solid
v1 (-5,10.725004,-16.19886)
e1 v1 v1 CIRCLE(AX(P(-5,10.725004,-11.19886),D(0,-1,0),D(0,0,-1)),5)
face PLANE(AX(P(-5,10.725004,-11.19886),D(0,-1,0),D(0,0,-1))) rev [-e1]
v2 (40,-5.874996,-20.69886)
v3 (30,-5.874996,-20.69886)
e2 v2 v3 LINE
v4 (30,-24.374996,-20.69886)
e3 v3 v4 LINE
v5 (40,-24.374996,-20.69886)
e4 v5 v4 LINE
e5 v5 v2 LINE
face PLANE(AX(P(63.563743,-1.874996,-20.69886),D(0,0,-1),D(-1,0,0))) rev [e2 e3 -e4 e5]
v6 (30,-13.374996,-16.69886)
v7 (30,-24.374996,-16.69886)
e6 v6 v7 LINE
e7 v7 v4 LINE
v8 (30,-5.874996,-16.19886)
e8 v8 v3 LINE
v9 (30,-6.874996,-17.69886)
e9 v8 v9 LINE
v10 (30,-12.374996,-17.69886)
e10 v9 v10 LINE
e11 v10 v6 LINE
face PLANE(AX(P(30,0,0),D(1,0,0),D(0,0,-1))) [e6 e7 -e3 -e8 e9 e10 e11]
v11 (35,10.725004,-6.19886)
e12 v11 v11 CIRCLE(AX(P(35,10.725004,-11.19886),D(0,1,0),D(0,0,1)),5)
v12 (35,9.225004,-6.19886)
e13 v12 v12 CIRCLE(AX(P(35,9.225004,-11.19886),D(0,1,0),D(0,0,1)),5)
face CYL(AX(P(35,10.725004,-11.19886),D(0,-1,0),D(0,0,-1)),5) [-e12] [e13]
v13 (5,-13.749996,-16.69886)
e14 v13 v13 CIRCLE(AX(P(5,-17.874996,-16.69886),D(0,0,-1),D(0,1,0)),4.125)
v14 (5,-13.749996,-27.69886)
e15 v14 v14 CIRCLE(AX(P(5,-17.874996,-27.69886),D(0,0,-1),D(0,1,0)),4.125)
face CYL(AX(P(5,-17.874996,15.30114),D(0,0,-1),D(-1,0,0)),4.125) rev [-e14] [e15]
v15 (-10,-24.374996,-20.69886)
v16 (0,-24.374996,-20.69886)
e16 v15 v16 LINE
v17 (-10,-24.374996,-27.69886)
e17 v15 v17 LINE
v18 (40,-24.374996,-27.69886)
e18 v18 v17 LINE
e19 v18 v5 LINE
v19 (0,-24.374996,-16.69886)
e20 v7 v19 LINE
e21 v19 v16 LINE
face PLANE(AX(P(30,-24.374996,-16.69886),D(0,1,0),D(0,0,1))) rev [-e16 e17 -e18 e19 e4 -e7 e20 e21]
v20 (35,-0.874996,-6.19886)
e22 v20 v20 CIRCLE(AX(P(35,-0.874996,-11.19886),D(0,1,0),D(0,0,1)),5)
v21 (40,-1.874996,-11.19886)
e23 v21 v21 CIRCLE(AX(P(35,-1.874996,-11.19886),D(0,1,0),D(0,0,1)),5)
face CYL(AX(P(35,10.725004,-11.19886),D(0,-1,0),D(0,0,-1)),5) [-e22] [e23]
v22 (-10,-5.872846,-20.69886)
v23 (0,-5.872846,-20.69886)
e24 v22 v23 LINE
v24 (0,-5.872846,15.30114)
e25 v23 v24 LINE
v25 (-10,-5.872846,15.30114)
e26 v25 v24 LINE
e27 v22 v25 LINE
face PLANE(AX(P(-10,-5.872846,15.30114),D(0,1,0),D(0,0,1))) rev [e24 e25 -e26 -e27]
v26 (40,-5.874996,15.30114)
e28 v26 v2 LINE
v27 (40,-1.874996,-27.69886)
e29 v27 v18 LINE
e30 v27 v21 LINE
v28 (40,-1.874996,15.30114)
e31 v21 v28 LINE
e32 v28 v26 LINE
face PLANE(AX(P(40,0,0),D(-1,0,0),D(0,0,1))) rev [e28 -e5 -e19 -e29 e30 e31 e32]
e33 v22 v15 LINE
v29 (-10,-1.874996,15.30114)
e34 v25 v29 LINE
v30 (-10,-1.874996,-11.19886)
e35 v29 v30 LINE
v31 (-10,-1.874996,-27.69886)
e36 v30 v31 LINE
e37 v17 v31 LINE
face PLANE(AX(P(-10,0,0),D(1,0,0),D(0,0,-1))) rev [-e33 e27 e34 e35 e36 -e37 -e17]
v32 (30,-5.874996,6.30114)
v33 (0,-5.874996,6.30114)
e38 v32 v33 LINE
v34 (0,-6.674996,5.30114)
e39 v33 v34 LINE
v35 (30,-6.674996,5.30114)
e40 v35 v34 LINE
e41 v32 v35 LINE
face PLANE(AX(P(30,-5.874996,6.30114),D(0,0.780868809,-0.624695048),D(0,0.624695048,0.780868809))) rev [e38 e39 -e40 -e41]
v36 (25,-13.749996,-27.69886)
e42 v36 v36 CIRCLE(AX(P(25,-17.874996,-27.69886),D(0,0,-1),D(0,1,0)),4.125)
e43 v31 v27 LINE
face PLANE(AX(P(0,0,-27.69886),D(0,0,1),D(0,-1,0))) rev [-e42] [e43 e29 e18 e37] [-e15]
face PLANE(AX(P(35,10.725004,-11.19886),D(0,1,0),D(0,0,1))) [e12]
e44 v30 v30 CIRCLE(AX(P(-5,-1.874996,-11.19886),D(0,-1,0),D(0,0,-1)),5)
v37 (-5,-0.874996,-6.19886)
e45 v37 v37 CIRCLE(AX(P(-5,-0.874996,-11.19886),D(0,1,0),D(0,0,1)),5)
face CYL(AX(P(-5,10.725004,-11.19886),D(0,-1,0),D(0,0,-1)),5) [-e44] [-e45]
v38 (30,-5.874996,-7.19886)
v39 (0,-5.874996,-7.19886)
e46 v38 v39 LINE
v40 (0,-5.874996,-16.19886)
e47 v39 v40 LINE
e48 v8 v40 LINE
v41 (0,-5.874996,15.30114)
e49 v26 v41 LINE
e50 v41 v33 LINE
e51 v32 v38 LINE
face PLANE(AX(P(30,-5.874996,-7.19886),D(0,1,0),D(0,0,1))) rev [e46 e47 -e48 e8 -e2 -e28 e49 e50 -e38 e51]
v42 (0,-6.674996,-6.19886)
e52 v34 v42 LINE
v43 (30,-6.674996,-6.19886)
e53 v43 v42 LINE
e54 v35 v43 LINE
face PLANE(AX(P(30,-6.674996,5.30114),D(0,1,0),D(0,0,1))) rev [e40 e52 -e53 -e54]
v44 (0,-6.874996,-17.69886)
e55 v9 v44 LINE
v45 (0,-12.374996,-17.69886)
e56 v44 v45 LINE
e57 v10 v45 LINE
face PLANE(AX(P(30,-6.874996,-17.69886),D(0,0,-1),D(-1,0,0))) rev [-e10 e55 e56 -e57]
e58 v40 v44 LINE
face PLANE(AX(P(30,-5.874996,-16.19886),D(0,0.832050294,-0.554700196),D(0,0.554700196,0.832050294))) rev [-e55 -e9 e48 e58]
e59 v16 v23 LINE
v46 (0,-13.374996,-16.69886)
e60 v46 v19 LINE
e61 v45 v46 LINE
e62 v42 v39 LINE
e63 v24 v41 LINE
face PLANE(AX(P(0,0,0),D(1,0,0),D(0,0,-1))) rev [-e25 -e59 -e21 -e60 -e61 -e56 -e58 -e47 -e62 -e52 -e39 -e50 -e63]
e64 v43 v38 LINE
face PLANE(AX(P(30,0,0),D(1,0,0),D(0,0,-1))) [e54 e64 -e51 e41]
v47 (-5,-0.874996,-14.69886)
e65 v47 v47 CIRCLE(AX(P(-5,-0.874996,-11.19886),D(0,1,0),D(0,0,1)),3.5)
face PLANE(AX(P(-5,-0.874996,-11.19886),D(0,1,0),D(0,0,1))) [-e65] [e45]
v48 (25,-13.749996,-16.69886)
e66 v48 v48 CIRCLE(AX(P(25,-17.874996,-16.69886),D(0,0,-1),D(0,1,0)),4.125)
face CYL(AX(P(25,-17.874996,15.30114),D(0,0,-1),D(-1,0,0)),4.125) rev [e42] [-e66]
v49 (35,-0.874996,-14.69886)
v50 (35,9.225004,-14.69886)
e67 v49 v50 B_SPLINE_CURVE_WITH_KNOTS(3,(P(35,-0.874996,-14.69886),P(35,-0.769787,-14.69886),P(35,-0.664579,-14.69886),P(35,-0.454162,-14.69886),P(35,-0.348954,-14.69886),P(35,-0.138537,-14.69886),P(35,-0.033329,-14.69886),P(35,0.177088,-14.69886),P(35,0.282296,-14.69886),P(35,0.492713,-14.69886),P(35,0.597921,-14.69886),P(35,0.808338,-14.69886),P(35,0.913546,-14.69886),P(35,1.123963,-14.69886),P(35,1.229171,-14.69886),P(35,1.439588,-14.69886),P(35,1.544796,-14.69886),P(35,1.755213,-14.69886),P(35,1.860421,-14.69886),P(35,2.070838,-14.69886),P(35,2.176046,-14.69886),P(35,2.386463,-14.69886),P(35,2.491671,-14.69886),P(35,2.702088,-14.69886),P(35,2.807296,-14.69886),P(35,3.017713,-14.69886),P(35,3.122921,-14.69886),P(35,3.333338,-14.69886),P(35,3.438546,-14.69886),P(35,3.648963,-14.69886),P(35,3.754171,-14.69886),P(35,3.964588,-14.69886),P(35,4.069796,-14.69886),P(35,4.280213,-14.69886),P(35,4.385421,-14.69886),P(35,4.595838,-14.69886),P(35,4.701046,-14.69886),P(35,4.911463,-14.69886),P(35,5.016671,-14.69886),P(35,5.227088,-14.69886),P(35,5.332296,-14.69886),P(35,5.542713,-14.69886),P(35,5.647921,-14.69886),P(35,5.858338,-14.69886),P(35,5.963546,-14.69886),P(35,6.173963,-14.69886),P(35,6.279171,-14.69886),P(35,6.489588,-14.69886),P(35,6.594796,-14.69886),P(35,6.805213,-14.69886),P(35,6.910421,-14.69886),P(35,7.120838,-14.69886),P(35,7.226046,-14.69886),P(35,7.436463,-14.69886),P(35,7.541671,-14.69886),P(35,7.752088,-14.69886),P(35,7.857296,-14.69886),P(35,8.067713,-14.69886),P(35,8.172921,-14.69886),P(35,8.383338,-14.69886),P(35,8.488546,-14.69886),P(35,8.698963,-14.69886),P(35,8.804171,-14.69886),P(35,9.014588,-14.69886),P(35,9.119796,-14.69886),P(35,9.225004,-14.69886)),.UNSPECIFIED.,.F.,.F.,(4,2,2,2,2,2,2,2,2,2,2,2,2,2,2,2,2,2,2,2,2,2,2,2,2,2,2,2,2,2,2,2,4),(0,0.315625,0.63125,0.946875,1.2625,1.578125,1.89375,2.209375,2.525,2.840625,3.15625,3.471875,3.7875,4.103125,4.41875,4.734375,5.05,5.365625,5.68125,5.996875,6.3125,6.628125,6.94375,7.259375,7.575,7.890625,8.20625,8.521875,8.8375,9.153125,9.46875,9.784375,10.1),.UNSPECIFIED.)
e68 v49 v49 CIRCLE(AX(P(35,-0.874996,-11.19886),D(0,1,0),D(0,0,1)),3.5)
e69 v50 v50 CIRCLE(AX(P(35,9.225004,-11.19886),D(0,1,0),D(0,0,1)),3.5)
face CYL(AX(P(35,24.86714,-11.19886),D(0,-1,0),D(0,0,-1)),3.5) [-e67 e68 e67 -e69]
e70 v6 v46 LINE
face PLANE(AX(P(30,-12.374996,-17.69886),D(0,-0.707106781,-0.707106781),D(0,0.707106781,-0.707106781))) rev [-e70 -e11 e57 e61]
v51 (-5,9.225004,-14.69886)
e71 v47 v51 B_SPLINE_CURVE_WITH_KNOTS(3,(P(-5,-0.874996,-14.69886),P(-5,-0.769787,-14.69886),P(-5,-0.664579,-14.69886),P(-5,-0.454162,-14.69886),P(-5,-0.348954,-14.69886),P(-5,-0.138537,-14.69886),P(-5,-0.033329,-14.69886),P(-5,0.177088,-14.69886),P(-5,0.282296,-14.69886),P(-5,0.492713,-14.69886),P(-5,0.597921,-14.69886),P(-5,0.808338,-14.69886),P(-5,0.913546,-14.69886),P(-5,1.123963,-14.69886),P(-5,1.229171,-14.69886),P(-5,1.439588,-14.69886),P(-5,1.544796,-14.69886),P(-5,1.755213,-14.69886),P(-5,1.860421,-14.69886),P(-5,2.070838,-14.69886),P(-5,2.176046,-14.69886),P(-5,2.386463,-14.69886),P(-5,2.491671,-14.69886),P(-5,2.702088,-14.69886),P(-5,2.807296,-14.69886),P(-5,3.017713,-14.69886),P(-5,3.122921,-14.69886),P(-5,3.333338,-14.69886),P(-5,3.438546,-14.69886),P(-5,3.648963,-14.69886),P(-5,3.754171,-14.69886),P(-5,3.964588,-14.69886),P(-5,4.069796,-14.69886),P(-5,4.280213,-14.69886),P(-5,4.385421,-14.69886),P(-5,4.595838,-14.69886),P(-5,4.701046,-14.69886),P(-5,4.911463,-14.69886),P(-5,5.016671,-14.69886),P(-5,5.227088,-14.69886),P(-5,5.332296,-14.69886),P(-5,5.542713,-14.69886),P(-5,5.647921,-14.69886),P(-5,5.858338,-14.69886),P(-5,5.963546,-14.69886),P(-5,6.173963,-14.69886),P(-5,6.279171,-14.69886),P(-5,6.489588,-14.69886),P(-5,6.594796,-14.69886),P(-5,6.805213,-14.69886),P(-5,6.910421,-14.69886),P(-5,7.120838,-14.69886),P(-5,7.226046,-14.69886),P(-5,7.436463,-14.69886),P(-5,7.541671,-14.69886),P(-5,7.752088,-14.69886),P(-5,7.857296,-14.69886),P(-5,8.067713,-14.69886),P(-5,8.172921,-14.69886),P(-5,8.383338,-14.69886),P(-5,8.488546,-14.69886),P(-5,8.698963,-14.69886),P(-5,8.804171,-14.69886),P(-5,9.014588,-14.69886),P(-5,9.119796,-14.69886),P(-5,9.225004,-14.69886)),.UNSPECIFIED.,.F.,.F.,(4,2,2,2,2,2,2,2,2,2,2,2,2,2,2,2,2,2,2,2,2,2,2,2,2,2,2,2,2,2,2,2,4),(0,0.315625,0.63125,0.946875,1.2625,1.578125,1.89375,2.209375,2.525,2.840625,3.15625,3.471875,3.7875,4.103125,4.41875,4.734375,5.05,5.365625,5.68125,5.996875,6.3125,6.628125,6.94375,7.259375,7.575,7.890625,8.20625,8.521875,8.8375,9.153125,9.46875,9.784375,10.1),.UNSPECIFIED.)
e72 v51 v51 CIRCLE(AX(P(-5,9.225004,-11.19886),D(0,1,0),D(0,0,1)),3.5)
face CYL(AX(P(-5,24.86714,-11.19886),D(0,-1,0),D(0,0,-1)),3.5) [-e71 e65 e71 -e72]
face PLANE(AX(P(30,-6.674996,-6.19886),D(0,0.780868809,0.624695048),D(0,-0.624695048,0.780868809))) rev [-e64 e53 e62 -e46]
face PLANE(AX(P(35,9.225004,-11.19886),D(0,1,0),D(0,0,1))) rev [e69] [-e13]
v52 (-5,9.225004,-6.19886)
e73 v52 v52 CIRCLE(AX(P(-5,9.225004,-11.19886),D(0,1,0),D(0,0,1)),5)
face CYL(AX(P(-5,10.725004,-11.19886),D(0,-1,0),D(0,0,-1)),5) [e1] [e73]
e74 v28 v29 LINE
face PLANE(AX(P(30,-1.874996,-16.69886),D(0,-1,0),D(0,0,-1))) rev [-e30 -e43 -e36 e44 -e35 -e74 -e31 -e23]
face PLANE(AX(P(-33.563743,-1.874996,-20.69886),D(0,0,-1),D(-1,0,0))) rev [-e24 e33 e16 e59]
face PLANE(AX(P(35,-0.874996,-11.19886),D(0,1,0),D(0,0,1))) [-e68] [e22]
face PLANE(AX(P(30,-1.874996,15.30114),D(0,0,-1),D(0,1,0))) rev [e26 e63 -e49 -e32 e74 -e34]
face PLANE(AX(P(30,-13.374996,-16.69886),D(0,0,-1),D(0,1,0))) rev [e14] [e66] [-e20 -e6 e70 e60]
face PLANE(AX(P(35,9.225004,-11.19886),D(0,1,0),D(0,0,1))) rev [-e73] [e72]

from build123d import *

# Parameters (mm, degrees)
BOSS_EXTRUDE1_DEPTH = 30
SKETCH2_R           = 4.125
CUT_EXTRUDE1_DEPTH  = 53.821779702
SKETCH3_W           = 36
SKETCH3_H           = 3.997849999
BOSS_EXTRUDE2_DEPTH = 10
SKETCH4_W           = 36
SKETCH4_H           = 4
BOSS_EXTRUDE3_DEPTH = 10
SKETCH5_R           = 5
BOSS_EXTRUDE4_DEPTH = 12.6
BOSS_EXTRUDE5_START = 7
SKETCH6_W           = 30
SKETCH6_H           = 22.5
SKETCH6_R           = 4.125
BOSS_EXTRUDE5_DEPTH = 7
SKETCH8_R           = 5
SKETCH8_R_2         = 3.5
CUT_EXTRUDE2_DEPTH  = 10.1
SKETCH9_W           = 7
SKETCH9_H           = 22.5
BOSS_EXTRUDE6_DEPTH = 10
SKETCH10_W          = 7
SKETCH10_H          = 22.5
BOSS_EXTRUDE7_DEPTH = 10


with BuildPart() as part:
    # Sketch1 → Boss-Extrude1 (new body)
    with BuildSketch(Plane(origin=(0, 0, 0), x_dir=(0, 0, -1), z_dir=(1, 0, 0))):
        Polygon((16.698859865, -1.874995608), (-15.301140135, -1.874995608), (-15.301140135, -5.874995608), (-6.301140135, -5.874995608), (-5.301140135, -6.674995608), (6.198859865, -6.674995608), (7.198859865, -5.874995608), (16.198859865, -5.874995608), (17.698859865, -6.874995608), (17.698859865, -12.374995608), (16.698859865, -13.374995608), (16.698859865, -24.374995608), (20.698859865, -24.374995608), (20.698859865, -1.874995608), align=None)
    extrude(amount=BOSS_EXTRUDE1_DEPTH)

    # Sketch2 → Cut-Extrude1 (cut, through all)
    with BuildSketch(Plane(origin=(0, 0, -20.698859865), x_dir=(-1, 0, 0), z_dir=(0, 0, -1))):
        with Locations((-25, -17.874995608)):
            Circle(SKETCH2_R)
        with Locations(Location((-5, -17.874995608, 0), (0, 0, 90))):
            Circle(SKETCH2_R)
    extrude(amount=-CUT_EXTRUDE1_DEPTH, mode=Mode.SUBTRACT)

    # Sketch3 → Boss-Extrude2 (add)
    with BuildSketch(Plane.ZY):
        with Locations((-2.698859865, -3.873920608)):
            Rectangle(SKETCH3_W, SKETCH3_H)
    extrude(amount=BOSS_EXTRUDE2_DEPTH)

    # Sketch4 → Boss-Extrude3 (add)
    with BuildSketch(Plane(origin=(30, 0, 0), x_dir=(0, 0, -1), z_dir=(1, 0, 0))):
        with Locations((2.698859865, -3.874995608)):
            Rectangle(SKETCH4_W, SKETCH4_H)
    extrude(amount=BOSS_EXTRUDE3_DEPTH)

    # Sketch5 → Boss-Extrude4 (add)
    with BuildSketch(Plane(origin=(0, -1.874995608, 0), x_dir=(1, 0, 0), z_dir=(0, 1, 0))):
        with Locations((35, 11.198859865)):
            Circle(SKETCH5_R)
        with Locations(Location((-5, 11.198859865, 0), (0, 0, 90))):
            Circle(SKETCH5_R)
    extrude(amount=BOSS_EXTRUDE4_DEPTH)

    # Sketch6 → Boss-Extrude5 (add)
    with BuildSketch(Plane(origin=(0, 0, -20.698859865), x_dir=(-1, 0, 0), z_dir=(0, 0, -1)).offset(BOSS_EXTRUDE5_START)):
        with Locations((-15, -13.124995608)):
            Rectangle(SKETCH6_W, SKETCH6_H)
        with Locations(Location((-25, -17.874995608, 0), (0, 0, 90))):
            Circle(SKETCH6_R, mode=Mode.SUBTRACT)
        with Locations(Location((-5, -17.874995608, 0), (0, 0, 90))):
            Circle(SKETCH6_R, mode=Mode.SUBTRACT)
    extrude(amount=-BOSS_EXTRUDE5_DEPTH)

    # Sketch8 → Cut-Extrude2 (cut)
    # profile 1 of 2: a face of its own
    with BuildSketch(Plane(origin=(0, -0.874995608, 0), x_dir=(1, 0, 0), z_dir=(0, 1, 0))):
        with Locations(Location((-5, 11.198859865, 0), (0, 0, 180))):
            Circle(SKETCH8_R)
        with Locations(Location((-5, 11.198859865, 0), (0, 0, 90))):
            Circle(SKETCH8_R_2, mode=Mode.SUBTRACT)
    # profile 2 of 2: a face of its own
    with BuildSketch(Plane(origin=(0, -0.874995608, 0), x_dir=(1, 0, 0), z_dir=(0, 1, 0))):
        with Locations((35, 11.198859865)):
            Circle(SKETCH8_R)
        with Locations(Location((35, 11.198859865, 0), (0, 0, 90))):
            Circle(SKETCH8_R_2, mode=Mode.SUBTRACT)
    extrude(amount=CUT_EXTRUDE2_DEPTH, mode=Mode.SUBTRACT)

    # Sketch9 → Boss-Extrude6 (add)
    with BuildSketch(Plane(origin=(30, 0, 0), x_dir=(0, 0, -1), z_dir=(1, 0, 0))):
        with Locations((24.198859865, -13.124995608)):
            Rectangle(SKETCH9_W, SKETCH9_H)
    extrude(amount=BOSS_EXTRUDE6_DEPTH)

    # Sketch10 → Boss-Extrude7 (add)
    with BuildSketch(Plane.ZY):
        with Locations((-24.198859865, -13.124995608)):
            Rectangle(SKETCH10_W, SKETCH10_H)
    extrude(amount=BOSS_EXTRUDE7_DEPTH)


solid = part.part
